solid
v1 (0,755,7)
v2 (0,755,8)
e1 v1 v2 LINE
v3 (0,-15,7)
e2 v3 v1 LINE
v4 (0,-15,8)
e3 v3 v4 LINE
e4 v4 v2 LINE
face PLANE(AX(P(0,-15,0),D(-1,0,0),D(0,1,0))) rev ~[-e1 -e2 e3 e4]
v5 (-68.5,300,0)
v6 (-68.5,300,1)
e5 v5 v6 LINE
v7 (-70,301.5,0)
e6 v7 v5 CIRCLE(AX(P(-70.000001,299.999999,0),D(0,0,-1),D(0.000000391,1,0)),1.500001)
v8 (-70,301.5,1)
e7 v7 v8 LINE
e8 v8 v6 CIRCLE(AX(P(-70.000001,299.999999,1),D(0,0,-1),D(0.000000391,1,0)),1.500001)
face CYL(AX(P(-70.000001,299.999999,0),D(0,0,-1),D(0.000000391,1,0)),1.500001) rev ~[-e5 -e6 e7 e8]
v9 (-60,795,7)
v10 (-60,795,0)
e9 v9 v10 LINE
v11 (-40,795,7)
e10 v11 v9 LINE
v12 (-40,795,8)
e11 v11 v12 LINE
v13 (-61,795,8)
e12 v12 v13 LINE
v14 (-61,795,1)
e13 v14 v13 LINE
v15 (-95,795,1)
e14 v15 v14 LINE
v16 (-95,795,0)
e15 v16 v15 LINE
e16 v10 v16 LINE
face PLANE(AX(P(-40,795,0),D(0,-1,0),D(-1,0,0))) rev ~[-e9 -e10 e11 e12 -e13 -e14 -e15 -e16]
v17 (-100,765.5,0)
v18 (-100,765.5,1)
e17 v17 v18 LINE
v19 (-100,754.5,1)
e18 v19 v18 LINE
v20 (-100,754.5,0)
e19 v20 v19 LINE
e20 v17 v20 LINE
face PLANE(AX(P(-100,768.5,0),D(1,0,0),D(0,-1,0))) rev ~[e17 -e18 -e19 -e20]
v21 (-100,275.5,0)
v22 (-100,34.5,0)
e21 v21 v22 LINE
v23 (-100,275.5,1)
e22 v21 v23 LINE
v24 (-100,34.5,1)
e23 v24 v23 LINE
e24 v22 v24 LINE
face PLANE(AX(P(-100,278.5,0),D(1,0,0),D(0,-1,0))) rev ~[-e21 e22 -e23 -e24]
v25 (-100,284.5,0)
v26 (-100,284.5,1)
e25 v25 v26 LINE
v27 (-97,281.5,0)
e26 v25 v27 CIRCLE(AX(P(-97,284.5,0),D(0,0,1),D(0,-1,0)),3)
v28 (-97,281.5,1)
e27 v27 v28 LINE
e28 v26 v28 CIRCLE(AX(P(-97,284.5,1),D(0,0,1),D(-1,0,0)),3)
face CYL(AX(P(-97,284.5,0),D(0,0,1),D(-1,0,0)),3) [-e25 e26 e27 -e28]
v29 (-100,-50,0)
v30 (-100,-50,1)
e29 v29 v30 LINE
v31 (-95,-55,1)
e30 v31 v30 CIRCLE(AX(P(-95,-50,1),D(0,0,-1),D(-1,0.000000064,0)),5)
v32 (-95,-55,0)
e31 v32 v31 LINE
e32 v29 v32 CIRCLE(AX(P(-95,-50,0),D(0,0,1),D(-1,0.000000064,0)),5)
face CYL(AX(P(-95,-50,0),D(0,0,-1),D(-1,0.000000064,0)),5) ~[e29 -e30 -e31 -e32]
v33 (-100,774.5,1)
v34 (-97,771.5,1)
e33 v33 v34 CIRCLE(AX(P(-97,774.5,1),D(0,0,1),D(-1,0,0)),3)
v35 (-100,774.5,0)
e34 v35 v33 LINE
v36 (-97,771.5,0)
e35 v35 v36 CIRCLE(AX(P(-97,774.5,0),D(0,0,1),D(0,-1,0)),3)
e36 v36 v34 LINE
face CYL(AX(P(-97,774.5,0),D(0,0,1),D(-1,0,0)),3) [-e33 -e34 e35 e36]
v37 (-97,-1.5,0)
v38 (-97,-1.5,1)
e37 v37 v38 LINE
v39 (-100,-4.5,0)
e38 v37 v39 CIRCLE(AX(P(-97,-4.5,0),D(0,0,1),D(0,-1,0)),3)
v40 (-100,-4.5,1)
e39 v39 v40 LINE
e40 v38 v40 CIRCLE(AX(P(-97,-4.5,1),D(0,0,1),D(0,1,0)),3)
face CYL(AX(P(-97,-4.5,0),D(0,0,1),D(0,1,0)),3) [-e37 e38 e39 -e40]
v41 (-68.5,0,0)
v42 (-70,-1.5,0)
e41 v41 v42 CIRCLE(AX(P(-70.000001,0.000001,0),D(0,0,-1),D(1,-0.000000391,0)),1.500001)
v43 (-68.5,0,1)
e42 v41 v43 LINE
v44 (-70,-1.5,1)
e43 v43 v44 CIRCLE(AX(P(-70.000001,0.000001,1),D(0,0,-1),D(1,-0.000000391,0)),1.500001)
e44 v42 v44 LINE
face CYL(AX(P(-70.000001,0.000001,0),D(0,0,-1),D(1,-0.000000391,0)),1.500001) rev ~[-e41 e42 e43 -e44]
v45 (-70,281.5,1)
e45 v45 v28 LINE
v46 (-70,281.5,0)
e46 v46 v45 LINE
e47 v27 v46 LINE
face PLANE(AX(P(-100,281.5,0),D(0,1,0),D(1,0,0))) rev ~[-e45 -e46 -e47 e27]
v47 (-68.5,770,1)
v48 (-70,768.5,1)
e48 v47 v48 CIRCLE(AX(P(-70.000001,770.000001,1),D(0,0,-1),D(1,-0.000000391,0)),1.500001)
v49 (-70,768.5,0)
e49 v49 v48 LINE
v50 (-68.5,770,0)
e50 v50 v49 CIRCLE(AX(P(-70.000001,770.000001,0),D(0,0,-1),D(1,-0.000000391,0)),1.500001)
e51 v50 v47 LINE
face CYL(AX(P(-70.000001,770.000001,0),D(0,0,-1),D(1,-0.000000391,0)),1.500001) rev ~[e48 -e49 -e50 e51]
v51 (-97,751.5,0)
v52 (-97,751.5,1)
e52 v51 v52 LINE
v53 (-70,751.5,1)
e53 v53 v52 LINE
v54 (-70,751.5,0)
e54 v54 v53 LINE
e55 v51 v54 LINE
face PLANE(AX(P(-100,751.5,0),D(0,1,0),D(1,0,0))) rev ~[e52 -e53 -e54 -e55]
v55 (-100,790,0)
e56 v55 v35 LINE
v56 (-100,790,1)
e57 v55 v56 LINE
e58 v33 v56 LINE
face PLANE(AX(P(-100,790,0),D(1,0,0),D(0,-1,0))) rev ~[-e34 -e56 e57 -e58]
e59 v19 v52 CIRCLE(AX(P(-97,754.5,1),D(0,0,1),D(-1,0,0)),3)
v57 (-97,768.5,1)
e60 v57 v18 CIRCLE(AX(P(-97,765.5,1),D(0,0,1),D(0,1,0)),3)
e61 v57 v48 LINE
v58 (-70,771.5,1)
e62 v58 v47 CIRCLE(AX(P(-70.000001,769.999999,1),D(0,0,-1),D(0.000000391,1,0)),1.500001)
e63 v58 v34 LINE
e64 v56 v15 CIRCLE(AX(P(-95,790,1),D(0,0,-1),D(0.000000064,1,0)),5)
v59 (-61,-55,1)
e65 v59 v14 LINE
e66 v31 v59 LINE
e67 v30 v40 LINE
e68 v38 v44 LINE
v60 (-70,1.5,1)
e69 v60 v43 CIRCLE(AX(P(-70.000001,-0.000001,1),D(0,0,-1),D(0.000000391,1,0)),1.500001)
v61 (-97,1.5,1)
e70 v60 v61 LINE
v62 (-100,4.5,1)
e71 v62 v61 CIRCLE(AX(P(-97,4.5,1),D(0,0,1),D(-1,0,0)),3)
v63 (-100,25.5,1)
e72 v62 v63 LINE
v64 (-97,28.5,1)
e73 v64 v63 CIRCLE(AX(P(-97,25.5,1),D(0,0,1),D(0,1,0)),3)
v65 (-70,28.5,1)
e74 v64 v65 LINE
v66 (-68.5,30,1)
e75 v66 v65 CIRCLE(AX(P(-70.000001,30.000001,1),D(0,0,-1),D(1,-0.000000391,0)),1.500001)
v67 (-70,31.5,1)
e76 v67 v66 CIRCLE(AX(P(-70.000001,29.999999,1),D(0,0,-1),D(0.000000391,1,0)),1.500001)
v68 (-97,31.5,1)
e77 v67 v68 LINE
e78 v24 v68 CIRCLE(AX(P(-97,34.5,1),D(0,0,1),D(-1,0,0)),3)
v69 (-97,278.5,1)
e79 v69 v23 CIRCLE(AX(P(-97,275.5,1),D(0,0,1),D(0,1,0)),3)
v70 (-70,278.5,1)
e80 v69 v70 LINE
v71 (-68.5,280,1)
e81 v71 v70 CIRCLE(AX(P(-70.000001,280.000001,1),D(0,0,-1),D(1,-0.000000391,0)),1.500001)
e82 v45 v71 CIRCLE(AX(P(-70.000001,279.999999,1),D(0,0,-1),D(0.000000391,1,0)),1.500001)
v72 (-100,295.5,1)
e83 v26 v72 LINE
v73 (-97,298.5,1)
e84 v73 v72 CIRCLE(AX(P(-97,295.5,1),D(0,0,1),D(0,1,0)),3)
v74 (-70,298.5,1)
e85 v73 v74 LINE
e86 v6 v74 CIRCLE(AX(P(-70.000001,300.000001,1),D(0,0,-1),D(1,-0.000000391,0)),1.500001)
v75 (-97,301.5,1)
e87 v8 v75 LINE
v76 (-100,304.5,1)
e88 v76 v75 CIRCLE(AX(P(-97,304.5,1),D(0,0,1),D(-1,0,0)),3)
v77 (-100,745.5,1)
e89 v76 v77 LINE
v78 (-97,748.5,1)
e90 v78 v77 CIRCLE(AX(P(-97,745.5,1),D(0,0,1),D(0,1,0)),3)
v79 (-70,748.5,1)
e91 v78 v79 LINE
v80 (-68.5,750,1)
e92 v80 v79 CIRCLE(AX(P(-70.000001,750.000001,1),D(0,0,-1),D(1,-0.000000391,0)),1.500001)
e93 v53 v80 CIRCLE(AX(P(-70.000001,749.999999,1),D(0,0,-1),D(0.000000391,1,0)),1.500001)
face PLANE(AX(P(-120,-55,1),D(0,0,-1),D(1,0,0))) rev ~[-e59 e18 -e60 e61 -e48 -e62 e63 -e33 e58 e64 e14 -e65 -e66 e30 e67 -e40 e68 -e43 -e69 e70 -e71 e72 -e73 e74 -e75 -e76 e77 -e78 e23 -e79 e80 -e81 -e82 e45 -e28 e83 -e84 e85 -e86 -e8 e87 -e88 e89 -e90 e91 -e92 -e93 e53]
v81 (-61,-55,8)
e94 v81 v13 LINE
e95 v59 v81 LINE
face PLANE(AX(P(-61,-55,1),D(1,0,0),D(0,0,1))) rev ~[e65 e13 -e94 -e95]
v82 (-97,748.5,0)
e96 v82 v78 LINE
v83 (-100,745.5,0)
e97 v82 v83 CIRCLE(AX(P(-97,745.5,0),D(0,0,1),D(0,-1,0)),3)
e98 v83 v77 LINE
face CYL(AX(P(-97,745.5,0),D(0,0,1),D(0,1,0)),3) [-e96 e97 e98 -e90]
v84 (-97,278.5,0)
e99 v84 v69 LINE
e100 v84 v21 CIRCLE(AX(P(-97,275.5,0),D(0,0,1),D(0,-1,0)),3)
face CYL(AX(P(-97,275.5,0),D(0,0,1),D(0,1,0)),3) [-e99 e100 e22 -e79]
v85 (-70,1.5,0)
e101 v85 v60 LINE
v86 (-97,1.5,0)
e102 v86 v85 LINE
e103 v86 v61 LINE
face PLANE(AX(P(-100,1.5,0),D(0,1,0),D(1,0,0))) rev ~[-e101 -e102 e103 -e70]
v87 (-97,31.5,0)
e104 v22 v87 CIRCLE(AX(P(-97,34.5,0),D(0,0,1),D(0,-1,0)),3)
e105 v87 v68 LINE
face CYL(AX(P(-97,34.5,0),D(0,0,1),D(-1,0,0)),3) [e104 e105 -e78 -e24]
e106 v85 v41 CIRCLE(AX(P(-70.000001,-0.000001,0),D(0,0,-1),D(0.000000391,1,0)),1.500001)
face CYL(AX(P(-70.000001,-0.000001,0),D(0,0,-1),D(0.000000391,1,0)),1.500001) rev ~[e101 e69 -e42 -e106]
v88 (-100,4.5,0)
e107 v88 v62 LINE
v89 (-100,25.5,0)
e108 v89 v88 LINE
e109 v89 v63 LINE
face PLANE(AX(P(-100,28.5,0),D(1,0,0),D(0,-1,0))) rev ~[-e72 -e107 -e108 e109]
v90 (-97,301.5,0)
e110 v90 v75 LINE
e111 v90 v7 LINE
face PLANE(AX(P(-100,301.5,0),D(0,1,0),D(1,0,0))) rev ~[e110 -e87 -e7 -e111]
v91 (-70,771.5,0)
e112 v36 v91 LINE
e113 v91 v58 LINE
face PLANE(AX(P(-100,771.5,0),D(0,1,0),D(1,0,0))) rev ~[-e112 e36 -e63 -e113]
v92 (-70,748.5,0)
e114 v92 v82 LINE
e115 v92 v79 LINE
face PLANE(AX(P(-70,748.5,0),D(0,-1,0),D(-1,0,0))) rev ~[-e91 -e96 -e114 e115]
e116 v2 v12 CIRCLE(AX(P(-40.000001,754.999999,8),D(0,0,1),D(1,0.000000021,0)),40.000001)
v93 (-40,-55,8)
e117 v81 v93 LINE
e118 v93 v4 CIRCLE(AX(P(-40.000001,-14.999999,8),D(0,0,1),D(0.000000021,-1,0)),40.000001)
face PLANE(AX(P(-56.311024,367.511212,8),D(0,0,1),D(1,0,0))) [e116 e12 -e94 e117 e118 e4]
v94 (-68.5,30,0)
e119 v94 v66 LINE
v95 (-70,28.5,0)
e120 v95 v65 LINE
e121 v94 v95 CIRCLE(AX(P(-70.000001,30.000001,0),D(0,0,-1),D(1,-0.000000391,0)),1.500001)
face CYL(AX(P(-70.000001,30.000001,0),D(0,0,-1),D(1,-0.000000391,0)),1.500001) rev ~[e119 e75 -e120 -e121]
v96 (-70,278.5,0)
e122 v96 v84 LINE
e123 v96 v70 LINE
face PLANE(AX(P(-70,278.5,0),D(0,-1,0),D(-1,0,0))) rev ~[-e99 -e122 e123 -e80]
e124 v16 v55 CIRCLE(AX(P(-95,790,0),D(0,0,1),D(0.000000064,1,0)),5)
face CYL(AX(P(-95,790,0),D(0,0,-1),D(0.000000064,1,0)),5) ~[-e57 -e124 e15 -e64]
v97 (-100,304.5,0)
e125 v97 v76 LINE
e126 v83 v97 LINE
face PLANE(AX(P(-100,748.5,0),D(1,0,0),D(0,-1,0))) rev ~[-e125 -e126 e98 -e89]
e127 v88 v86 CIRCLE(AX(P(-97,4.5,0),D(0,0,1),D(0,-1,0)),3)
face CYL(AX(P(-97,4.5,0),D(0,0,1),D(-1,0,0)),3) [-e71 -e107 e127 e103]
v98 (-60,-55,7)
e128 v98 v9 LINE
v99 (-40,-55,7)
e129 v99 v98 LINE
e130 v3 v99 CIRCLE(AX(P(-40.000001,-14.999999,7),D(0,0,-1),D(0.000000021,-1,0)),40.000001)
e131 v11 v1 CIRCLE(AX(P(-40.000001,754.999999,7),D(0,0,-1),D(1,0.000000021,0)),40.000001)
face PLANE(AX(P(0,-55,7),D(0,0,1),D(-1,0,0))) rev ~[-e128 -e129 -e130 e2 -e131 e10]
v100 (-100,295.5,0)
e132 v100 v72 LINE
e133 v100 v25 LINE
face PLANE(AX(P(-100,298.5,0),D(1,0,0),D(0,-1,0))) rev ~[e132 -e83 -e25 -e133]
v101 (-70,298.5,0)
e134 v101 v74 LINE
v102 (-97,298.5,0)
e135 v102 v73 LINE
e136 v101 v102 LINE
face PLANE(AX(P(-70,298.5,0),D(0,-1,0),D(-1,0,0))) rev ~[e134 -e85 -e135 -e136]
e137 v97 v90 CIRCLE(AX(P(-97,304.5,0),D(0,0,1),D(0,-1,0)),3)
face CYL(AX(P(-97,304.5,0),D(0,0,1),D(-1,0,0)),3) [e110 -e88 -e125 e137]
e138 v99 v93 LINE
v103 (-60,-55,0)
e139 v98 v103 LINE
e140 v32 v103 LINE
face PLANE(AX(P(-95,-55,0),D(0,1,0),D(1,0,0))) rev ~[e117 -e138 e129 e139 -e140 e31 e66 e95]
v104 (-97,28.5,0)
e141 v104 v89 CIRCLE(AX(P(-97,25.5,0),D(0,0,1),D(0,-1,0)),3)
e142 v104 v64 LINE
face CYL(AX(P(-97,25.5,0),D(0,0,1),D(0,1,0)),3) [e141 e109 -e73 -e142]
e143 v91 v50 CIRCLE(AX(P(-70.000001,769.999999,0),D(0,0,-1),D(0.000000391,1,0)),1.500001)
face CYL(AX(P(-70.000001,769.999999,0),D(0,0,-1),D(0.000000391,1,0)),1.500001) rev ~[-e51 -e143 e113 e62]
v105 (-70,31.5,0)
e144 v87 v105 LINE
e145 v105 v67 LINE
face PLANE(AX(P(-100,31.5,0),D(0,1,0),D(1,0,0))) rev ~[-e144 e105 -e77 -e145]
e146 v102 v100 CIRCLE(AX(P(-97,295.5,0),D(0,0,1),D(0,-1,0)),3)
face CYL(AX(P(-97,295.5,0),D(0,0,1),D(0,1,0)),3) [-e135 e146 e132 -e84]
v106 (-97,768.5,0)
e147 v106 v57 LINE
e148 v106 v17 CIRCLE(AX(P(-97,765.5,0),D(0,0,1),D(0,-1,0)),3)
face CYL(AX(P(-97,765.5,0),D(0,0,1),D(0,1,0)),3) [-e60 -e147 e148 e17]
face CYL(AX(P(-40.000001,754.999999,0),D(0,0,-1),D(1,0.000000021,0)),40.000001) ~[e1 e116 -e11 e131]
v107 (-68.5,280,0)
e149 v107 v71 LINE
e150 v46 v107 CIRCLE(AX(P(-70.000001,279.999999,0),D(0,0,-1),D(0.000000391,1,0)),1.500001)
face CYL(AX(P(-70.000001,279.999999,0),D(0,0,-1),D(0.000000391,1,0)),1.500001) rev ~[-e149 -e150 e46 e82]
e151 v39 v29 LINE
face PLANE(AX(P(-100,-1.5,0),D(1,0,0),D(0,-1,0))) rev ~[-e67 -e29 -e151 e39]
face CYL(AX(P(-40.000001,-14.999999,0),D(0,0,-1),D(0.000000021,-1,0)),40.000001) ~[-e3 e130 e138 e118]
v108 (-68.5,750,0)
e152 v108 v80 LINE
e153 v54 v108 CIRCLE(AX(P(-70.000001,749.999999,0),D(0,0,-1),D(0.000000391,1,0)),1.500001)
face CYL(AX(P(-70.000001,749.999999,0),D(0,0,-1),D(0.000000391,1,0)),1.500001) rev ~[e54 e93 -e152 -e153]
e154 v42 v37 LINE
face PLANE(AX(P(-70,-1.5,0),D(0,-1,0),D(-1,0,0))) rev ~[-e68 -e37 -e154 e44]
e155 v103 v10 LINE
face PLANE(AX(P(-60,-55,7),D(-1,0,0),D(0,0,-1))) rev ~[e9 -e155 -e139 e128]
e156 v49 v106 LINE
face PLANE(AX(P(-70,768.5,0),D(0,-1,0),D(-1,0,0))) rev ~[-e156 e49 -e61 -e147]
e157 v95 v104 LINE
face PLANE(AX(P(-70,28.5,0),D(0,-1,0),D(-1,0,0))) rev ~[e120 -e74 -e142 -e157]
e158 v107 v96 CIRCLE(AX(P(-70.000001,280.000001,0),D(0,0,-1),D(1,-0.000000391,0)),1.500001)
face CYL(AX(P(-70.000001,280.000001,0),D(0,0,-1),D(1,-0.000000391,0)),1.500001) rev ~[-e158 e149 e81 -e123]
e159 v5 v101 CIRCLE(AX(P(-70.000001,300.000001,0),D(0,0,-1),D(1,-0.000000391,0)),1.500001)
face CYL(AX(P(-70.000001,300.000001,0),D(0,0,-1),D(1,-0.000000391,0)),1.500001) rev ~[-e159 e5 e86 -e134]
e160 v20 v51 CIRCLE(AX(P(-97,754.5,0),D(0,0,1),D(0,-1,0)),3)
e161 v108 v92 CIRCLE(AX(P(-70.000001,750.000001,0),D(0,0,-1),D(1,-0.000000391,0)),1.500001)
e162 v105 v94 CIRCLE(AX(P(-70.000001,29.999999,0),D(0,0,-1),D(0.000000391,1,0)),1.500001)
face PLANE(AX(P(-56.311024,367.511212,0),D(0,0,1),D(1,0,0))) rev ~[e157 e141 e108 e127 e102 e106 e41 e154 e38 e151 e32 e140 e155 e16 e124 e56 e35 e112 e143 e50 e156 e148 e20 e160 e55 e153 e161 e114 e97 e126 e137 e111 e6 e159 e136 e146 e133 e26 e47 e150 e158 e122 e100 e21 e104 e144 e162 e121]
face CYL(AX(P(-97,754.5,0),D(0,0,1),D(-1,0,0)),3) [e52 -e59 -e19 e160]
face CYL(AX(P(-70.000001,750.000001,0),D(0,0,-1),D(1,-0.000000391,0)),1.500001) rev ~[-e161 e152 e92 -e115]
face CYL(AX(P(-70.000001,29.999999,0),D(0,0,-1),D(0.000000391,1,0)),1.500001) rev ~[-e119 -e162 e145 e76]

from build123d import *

# Parameters (mm, degrees)
F1_DEPTH = 8
F2_R     = 3
F3_W     = 40
F3_H     = 7
F3_W_2   = 34
F3_W_3   = 25
F4_DEPTH = 1039


with BuildPart() as f1:
    # F0 (on Top) → F1 (new body)
    with BuildSketch(Plane.XY):
        with BuildLine():
            Line((-40, 795), (-95, 795))
            ThreePointArc((-95, 795), (-98.535534, 793.535534), (-100, 790))
            Line((-100, 790), (-100, 771.5))
            Line((-100, 771.5), (-70, 771.5))
            ThreePointArc((-70, 771.5), (-68.93934, 771.06066), (-68.5, 770))
            ThreePointArc((-68.5, 770), (-68.93934, 768.93934), (-70, 768.5))
            Line((-70, 768.5), (-100, 768.5))
            Line((-100, 768.5), (-100, 751.5))
            Line((-100, 751.5), (-70, 751.5))
            ThreePointArc((-70, 751.5), (-68.93934, 751.06066), (-68.5, 750))
            ThreePointArc((-68.5, 750), (-68.93934, 748.93934), (-70, 748.5))
            Line((-70, 748.5), (-100, 748.5))
            Line((-100, 748.5), (-100, 301.5))
            Line((-100, 301.5), (-70, 301.5))
            ThreePointArc((-70, 301.5), (-68.93934, 301.06066), (-68.5, 300))
            ThreePointArc((-68.5, 300), (-68.93934, 298.93934), (-70, 298.5))
            Line((-70, 298.5), (-100, 298.5))
            Line((-100, 298.5), (-100, 281.5))
            Line((-100, 281.5), (-70, 281.5))
            ThreePointArc((-70, 281.5), (-68.93934, 281.06066), (-68.5, 280))
            ThreePointArc((-68.5, 280), (-68.93934, 278.93934), (-70, 278.5))
            Line((-70, 278.5), (-100, 278.5))
            Line((-100, 278.5), (-100, 31.5))
            Line((-100, 31.5), (-70, 31.5))
            ThreePointArc((-70, 31.5), (-68.93934, 31.06066), (-68.5, 30))
            ThreePointArc((-68.5, 30), (-68.93934, 28.93934), (-70, 28.5))
            Line((-70, 28.5), (-100, 28.5))
            Line((-100, 28.5), (-100, 1.5))
            Line((-100, 1.5), (-70, 1.5))
            ThreePointArc((-70, 1.5), (-68.93934, 1.06066), (-68.5, 0))
            ThreePointArc((-68.5, 0), (-68.93934, -1.06066), (-70, -1.5))
            Line((-70, -1.5), (-100, -1.5))
            Line((-100, -1.5), (-100, -50))
            ThreePointArc((-100, -50), (-98.535534, -53.535534), (-95, -55))
            Line((-95, -55), (-40, -55))
            ThreePointArc((-40, -55), (-11.715729, -43.284271), (0, -15))
            Line((0, -15), (0, 755))
            ThreePointArc((0, 755), (-11.715729, 783.284271), (-40, 795))
        make_face()
    extrude(amount=F1_DEPTH)

    # F2
    f2_edges = [f1.edges().sort_by_distance(p)[0] for p in [
        (-100, 771.5, 4),
        (-100, 768.5, 4),
        (-100, 751.5, 4),
        (-100, 748.5, 4),
        (-100, 301.5, 4),
        (-100, 298.5, 4),
        (-100, 281.5, 4),
        (-100, 278.5, 4),
        (-100, 31.5, 4),
        (-100, 28.5, 4),
        (-100, 1.5, 4),
        (-100, -1.5, 4),
    ]]
    fillet(f2_edges, radius=F2_R)

    # F3 (on face) → F4 (cut)
    with BuildSketch(Plane.XZ.offset(55)):
        Polygon((-40, 0), (-40, 7), (-60, 7), (-60, 1), (-60, 0), align=None)
        with Locations((-20, 3.5)):
            Rectangle(F3_W, F3_H)
        with Locations((-78, 4.5)):
            Rectangle(F3_W_2, F3_H)
        with Locations((-107.5, 4.5)):
            Rectangle(F3_W_3, F3_H)
    extrude(amount=-F4_DEPTH, mode=Mode.SUBTRACT)


solid = f1.part
